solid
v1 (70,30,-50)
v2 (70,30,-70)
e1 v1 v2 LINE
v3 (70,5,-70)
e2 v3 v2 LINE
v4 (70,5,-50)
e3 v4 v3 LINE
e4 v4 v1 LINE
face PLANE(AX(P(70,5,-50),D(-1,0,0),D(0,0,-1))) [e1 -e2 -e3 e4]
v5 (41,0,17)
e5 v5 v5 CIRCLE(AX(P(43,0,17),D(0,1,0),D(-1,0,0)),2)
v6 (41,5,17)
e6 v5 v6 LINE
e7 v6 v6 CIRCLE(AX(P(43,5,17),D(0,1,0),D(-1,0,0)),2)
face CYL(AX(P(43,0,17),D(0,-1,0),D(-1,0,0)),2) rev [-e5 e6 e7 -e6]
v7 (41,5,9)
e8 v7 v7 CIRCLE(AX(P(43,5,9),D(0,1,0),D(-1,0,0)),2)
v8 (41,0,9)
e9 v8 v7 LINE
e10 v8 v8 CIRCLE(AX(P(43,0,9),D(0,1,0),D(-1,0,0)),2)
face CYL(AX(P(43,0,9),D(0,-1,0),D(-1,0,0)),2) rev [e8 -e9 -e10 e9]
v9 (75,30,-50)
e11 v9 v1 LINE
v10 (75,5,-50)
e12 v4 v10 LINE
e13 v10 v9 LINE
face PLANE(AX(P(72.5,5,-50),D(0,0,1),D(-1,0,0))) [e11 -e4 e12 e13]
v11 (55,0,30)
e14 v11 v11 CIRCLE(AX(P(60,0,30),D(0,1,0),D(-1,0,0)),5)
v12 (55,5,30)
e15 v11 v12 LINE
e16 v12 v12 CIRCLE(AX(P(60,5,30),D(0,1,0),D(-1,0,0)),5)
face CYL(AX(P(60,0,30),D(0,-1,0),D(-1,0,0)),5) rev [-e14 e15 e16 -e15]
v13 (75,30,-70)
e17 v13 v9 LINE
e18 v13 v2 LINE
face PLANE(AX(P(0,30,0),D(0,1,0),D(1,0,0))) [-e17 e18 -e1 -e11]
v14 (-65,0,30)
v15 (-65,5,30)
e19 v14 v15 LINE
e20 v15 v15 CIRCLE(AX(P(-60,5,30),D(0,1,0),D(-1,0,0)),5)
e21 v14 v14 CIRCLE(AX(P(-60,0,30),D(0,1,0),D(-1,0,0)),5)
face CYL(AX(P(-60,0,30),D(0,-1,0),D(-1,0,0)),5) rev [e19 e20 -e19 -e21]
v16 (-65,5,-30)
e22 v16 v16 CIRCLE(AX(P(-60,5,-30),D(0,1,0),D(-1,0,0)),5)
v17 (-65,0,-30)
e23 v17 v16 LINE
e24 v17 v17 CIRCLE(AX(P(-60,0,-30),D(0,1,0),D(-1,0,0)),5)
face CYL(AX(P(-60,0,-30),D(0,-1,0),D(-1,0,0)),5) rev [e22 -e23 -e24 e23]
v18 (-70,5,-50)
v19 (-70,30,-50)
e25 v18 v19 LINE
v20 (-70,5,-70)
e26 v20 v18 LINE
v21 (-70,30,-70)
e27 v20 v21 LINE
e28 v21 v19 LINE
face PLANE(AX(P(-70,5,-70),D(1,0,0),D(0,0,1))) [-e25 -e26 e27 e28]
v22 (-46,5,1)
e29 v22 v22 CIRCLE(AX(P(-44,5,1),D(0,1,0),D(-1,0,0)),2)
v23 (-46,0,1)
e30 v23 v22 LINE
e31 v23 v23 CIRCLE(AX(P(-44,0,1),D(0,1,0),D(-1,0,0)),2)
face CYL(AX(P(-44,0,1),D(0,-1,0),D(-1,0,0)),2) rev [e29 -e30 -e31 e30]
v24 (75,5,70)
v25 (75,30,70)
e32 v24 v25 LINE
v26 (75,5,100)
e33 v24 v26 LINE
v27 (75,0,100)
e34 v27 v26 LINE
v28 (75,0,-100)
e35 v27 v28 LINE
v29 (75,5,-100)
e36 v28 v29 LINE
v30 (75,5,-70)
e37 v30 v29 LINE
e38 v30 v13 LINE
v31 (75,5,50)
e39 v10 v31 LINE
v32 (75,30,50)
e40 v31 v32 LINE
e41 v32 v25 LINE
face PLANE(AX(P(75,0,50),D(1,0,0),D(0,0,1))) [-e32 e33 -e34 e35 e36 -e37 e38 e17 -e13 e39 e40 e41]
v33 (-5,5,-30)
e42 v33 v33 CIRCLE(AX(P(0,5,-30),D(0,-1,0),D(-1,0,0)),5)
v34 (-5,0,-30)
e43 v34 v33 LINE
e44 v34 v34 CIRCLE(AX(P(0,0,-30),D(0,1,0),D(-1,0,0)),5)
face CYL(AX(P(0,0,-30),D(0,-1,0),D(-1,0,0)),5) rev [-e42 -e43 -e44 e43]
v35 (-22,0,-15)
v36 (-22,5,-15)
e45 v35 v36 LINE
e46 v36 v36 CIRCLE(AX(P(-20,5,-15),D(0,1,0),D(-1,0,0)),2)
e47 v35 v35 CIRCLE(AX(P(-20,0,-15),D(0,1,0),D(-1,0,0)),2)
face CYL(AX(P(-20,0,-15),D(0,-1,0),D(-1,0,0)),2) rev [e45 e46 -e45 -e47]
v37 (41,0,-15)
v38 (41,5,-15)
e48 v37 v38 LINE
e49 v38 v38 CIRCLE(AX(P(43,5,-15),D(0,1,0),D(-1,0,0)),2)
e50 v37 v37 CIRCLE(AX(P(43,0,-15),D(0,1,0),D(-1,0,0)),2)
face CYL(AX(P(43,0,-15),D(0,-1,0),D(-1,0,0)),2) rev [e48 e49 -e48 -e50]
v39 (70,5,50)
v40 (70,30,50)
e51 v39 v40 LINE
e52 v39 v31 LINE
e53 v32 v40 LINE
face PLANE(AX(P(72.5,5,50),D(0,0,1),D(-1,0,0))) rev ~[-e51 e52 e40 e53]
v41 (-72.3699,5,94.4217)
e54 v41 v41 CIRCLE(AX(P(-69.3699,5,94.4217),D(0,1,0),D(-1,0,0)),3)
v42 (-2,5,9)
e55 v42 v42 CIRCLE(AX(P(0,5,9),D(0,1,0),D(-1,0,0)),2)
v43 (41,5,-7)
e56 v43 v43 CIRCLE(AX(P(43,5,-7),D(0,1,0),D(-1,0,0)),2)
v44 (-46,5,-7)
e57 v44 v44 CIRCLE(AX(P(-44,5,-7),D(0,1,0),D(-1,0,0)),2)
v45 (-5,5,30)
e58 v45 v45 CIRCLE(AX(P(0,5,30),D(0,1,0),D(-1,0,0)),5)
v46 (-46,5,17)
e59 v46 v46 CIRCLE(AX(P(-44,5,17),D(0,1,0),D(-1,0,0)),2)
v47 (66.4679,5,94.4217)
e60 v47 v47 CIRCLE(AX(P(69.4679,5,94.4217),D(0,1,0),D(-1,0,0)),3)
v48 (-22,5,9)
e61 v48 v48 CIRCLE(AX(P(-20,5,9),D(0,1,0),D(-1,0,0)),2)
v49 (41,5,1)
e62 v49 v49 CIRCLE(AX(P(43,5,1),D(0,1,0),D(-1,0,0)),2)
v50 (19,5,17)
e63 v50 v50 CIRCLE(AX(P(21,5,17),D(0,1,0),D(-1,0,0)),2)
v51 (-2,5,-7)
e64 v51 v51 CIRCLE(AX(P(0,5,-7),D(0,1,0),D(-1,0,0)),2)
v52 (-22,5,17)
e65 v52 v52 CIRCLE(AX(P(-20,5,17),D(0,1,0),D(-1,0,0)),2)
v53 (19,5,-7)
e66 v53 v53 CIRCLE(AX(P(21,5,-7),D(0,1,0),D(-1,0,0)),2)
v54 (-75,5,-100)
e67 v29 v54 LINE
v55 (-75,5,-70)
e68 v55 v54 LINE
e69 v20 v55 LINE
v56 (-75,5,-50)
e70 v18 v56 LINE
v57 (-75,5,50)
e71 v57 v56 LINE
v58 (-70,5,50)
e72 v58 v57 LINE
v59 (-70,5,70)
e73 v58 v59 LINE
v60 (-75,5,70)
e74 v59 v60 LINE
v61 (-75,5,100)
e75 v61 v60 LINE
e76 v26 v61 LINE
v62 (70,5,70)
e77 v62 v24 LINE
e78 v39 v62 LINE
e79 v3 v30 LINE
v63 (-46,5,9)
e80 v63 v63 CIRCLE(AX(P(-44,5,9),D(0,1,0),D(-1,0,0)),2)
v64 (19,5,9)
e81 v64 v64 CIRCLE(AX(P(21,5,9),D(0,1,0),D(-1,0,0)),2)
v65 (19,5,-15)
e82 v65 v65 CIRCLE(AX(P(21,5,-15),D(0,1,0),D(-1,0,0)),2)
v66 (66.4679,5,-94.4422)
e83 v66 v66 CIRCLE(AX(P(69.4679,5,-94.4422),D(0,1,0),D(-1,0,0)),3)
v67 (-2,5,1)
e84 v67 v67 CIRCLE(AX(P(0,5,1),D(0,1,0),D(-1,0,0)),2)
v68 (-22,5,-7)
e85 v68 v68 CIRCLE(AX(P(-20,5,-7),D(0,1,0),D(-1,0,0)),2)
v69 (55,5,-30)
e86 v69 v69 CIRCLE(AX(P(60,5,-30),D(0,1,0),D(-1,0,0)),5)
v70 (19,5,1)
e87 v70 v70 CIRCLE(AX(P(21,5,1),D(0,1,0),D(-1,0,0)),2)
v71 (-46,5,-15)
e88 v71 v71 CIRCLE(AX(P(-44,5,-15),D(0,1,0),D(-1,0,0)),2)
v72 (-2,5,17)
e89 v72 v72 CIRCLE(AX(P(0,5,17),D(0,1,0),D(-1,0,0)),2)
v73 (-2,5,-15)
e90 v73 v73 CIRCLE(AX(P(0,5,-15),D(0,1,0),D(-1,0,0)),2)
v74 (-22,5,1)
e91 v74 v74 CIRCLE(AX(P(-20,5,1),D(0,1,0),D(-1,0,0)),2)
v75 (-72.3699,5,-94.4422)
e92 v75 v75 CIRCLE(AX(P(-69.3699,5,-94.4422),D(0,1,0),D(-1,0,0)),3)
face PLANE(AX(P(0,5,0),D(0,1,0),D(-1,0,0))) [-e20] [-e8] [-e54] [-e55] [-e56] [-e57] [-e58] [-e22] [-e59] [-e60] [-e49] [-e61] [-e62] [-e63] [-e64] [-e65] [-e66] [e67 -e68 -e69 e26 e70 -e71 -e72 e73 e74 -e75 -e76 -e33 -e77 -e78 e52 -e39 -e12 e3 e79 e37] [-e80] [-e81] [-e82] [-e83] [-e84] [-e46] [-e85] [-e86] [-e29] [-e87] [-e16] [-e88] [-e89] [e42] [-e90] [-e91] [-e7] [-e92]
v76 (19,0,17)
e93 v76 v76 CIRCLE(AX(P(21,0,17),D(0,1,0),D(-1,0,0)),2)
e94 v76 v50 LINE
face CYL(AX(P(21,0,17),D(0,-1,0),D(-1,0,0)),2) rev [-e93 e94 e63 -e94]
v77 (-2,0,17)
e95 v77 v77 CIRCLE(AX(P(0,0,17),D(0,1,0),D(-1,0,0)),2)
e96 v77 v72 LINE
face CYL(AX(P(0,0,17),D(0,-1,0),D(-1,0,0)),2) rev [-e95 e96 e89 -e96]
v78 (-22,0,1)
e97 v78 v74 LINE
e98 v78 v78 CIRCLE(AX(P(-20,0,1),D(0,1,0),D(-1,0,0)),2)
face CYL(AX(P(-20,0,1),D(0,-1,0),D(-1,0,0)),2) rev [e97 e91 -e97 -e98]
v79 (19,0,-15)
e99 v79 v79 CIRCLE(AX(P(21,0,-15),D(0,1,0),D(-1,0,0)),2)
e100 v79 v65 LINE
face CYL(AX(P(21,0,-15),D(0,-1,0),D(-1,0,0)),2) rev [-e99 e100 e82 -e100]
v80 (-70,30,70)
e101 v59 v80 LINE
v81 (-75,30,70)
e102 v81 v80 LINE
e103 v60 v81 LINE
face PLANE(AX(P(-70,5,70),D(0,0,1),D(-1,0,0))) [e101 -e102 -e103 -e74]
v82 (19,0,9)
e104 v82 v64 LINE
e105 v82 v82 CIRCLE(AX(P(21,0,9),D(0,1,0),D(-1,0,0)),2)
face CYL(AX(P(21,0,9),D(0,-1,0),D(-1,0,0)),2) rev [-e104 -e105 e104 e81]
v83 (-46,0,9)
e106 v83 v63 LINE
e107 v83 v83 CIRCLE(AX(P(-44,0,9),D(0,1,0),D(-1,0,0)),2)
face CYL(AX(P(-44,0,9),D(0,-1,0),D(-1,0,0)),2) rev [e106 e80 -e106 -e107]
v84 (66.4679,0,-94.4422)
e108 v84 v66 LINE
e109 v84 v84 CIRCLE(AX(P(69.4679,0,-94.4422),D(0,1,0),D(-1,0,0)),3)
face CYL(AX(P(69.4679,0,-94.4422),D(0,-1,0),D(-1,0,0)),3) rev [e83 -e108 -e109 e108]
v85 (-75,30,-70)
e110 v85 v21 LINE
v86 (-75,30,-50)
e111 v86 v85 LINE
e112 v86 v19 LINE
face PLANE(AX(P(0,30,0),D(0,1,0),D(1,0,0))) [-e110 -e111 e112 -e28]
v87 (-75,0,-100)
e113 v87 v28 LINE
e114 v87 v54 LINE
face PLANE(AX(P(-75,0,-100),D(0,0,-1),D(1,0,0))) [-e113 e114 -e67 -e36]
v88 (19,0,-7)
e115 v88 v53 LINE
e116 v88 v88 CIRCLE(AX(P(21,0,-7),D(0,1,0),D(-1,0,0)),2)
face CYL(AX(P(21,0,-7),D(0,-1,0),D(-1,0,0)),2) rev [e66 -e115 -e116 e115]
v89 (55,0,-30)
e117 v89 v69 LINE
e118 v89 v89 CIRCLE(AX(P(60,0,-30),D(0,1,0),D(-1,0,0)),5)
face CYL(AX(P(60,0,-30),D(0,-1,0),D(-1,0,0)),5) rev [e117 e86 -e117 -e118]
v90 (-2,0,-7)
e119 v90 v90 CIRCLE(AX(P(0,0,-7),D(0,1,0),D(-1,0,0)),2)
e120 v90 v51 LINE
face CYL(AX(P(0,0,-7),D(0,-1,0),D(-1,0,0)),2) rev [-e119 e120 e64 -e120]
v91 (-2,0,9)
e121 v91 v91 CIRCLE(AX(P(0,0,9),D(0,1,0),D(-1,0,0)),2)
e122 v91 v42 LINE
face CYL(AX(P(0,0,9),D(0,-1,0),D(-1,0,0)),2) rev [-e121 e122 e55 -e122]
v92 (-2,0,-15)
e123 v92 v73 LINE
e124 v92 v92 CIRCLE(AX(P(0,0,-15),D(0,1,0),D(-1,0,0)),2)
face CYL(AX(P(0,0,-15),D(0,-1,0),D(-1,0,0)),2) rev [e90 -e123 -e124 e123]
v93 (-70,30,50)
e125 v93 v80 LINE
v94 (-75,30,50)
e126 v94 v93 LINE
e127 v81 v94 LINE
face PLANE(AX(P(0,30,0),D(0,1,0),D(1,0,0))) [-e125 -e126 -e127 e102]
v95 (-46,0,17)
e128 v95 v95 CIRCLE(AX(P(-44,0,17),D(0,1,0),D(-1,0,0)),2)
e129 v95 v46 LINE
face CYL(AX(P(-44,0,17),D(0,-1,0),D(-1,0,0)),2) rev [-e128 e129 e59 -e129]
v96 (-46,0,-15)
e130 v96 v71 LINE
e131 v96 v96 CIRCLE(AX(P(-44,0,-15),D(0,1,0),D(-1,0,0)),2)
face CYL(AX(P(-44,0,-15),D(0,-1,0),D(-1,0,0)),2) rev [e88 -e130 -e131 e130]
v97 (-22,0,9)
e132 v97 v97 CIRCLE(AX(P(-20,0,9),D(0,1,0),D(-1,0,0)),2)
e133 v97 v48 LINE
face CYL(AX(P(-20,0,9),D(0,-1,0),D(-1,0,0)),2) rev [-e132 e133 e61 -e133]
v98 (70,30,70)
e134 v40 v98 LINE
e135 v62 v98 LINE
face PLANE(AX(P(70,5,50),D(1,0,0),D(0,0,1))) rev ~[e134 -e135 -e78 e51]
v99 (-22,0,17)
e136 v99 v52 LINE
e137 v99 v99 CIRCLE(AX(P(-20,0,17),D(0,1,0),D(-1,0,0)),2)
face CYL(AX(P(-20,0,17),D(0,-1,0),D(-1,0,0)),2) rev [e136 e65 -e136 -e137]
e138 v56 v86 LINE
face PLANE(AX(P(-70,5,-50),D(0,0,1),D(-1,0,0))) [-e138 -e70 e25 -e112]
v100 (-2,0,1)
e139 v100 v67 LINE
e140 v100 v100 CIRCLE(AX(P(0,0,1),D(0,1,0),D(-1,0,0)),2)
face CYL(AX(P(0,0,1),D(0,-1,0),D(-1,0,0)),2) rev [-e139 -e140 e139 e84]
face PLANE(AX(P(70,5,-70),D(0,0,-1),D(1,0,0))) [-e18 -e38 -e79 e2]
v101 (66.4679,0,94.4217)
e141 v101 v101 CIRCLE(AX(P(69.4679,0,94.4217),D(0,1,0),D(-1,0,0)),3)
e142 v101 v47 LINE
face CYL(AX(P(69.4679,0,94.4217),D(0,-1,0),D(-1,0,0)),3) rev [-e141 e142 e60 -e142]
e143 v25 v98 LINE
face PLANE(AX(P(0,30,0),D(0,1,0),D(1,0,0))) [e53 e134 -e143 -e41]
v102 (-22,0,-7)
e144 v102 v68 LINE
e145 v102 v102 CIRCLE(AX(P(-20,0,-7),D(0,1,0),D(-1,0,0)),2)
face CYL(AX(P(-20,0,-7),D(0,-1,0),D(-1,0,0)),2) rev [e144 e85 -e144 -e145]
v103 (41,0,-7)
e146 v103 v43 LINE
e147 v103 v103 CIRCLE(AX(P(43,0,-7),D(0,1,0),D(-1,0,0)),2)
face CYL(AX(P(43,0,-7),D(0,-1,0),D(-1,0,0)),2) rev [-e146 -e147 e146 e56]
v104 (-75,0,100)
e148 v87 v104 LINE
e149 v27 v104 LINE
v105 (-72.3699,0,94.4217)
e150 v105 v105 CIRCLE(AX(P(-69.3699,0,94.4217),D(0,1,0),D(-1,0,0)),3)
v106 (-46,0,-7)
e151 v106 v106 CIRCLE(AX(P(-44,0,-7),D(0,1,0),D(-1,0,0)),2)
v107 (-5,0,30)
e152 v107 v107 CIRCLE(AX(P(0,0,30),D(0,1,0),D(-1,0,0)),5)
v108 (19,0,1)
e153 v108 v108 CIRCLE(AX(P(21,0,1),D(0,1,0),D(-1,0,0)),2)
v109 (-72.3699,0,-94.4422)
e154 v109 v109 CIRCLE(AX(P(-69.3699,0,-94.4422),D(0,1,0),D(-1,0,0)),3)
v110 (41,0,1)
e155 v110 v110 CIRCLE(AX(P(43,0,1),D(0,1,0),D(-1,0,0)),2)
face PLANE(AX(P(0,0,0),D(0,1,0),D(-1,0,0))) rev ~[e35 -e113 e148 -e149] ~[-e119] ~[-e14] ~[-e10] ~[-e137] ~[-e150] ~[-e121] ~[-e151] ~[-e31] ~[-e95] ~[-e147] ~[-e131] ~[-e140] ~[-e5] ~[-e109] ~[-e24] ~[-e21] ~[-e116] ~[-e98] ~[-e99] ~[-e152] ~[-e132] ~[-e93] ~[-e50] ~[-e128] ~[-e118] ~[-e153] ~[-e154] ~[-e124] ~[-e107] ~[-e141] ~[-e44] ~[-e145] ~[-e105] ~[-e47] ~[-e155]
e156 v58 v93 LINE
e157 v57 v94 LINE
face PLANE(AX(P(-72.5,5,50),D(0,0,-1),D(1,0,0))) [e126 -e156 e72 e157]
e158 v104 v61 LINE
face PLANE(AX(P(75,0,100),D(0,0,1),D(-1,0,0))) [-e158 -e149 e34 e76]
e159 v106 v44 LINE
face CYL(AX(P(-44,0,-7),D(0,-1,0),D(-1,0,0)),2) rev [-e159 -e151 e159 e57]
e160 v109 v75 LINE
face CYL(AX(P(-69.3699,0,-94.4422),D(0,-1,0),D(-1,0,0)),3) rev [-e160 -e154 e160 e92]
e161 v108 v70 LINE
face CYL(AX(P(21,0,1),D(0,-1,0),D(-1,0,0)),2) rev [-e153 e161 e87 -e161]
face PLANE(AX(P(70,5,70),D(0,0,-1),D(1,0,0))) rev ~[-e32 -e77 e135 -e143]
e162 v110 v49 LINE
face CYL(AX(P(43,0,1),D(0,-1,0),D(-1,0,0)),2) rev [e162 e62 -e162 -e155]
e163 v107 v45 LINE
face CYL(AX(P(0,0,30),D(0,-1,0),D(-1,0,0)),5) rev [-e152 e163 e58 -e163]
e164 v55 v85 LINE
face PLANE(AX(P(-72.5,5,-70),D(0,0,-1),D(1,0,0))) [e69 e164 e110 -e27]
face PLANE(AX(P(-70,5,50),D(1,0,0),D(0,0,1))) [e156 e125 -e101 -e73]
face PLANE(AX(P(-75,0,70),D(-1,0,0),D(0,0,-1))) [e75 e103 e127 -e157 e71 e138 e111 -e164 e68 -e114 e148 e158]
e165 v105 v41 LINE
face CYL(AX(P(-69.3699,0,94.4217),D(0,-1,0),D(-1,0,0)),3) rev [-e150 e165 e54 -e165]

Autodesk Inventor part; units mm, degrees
ref_plane "YZ Plane" through (0, 0, 0) normal (1, 0, 0) x (0, 1, 0)
ref_plane "XZ Plane" through (0, 0, 0) normal (0, 1, 0) x (-1, 0, 0)
ref_plane "XY Plane" through (0, 0, 0) normal (0, 0, 1) x (1, 0, 0)
sketch "Sketch1" plane through (0, 0, 0) normal (0, 1, 0) x (-1, 0, 0)
  line L0 (75, 0) -> (75, -100)
  line L1 (75, -100) -> (-75, -100)
  line L2 (-75, -100) -> (-75, 100)
  line L3 (-75, 100) -> (75, 100)
  line L4 (75, 100) -> (75, 0)
  line L5 (75, 100) -> (75, 70)
  line L6 (75, -100) -> (75, -70)
  line L7 (-75, -100) -> (-75, -70)
  line L8 (-75, 100) -> (-75, 70)
  line L9 (75, 70) -> (75, 50)
  line L10 (-75, 70) -> (-75, 50)
  line L11 (-75, -70) -> (-75, -50)
  line L12 (75, -70) -> (75, -50)
  line L13 (75, -70) -> (72.5, -70)
  line L14 (72.5, -70) -> (72.5, -50)
  line L15 (72.5, -50) -> (75, -50)
  line L16 (-75, -70) -> (-72.5, -70)
  line L17 (-72.5, -70) -> (-72.5, -50)
  line L18 (-72.5, -50) -> (-75, -50)
  line L19 (75, 70) -> (72.5, 70)
  line L20 (72.5, 70) -> (72.5, 50)
  line L21 (72.5, 50) -> (75, 50)
  line L22 (-75, 70) -> (-72.5, 70)
  line L23 (-72.5, 70) -> (-72.5, 50)
  line L24 (-72.5, 50) -> (-75, 50)
  line L25 (-75, -100) -> (-75, -97)
  line L26 (-75, -100) -> (-72, -100)
  circle A0 centre (-69.4679, -94.4422) radius 3
  circle A1 centre (69.3699, -94.4422) radius 3
  circle A2 centre (69.3699, 94.4217) radius 3
  circle A3 centre (-69.4679, 94.4217) radius 3
  line L27 (75, -50) -> (75, -35)
  line L28 (75, 50) -> (75, 35)
  line L29 (75, -35) -> (75, -25)
  line L30 (75, 35) -> (75, 25)
  line L31 (75, -25) -> (75, -21)
  line L32 (75, -21) -> (75, -17)
  line L33 (75, -17) -> (75, -13)
  line L34 (75, -13) -> (75, -9)
  line L35 (75, -9) -> (75, -5)
  line L36 (75, -5) -> (75, -1)
  line L37 (75, -1) -> (75, 3)
  line L38 (75, 3) -> (75, 7)
  line L39 (75, 7) -> (75, 11)
  line L40 (75, 11) -> (75, 15)
  line L41 (75, 15) -> (75, 19)
  line L42 (75, 19) -> (75, 23)
  circle A4 centre (60, 30) radius 5
  circle A5 centre (-60, 30) radius 5
  circle A6 centre (0, 30) radius 5
  line L43 (0, -35) -> (0, -30)
  circle A7 centre (0, -30) radius 5
  circle A8 centre (-60, -30) radius 5
  circle A9 centre (60, -30) radius 5
  circle A10 centre (0, -15) radius 2
  circle A11 centre (20, -15) radius 2
  circle A12 centre (44, -15) radius 2
  circle A13 centre (-21, -15) radius 2
  circle A14 centre (-43, -15) radius 2
  circle A15 centre (44, -7) radius 2
  circle A16 centre (20, -7) radius 2
  circle A17 centre (0, -7) radius 2
  circle A18 centre (-21, -7) radius 2
  circle A19 centre (-43, -7) radius 2
  circle A20 centre (44, 1) radius 2
  circle A21 centre (20, 1) radius 2
  circle A22 centre (0, 1) radius 2
  circle A23 centre (-21, 1) radius 2
  circle A24 centre (-43, 1) radius 2
  circle A25 centre (44, 9) radius 2
  circle A26 centre (20, 9) radius 2
  circle A27 centre (0, 9) radius 2
  circle A28 centre (-21, 9) radius 2
  circle A29 centre (-43, 9) radius 2
  circle A30 centre (44, 17) radius 2
  circle A31 centre (20, 17) radius 2
  circle A32 centre (0, 17) radius 2
  circle A33 centre (-21, 17) radius 2
  circle A34 centre (-43, 17) radius 2
  point P0 (0, 0)
  dimension "d3" = 150
  dimension "d4" = 200
  dimension "d6" = 30
  dimension "d7" = 30
  dimension "d8" = 30
  dimension "d9" = 30
  dimension "d10" = 20
  dimension "d11" = 20
  dimension "d12" = 20
  dimension "d13" = 20
  dimension "d14" = 2.5
  dimension "d15" = 2.5
  dimension "d16" = 2.5
  dimension "d17" = 2.5
  dimension "d20" = 6
  dimension "d23" = 6
  dimension "d26" = 6
  dimension "d28" = 6
  dimension "d30" = 15
  dimension "d31" = 15
  dimension "d32" = 10
  dimension "d33" = 10
  dimension "d34" = 4
  dimension "d35" = 4
  dimension "d47" = 10
  dimension "d49" = 10
  dimension "d50" = 10
  dimension "d51" = 5
  dimension "d52" = 10
  dimension "d55" = 10
  dimension "d56" = 10
  dimension "d58" = 4
  dimension "d59" = 4
  dimension "d60" = 4
  dimension "d61" = 4
  dimension "d62" = 4
  dimension "d63" = 4
  dimension "d64" = 4
  dimension "d65" = 4
  dimension "d66" = 4
  dimension "d67" = 4
  dimension "d68" = 4
  dimension "d69" = 4
  dimension "d70" = 4
  dimension "d71" = 4
  dimension "d72" = 4
  dimension "d73" = 4
  dimension "d74" = 4
  dimension "d75" = 4
  dimension "d76" = 4
  dimension "d77" = 4
  dimension "d78" = 4
  dimension "d79" = 4
  dimension "d80" = 4
  dimension "d81" = 4
  dimension "d82" = 4
extrude "Extrusion1" add sketch "Sketch1" along normal blind 5 contours L0 L15 L14 L13 L1 L2 L16 L17 L18 L24 L23 L22 L3 L4 L19 L20 L21
extrude "Extrusion2" add sketch "Sketch1" along normal blind 30 contours L2 L18 L17 L16
extrude "Extrusion3" add sketch "Sketch1" along normal blind 30 contours L0 L13 L14 L15
extrude "Extrusion4" add sketch "Sketch1" along normal blind 30 contours L21 L20 L19 L4
extrude "Extrusion5" add sketch "Sketch1" along normal blind 30 contours L22 L23 L24 L2
sketch "Sketch2" plane through (0, 5, 0) normal (0, 1, 0) x (1, 0, 0)
  point P0 (0, 0)
sketch "Sketch3" plane through (0, 5, 0) normal (0, 1, 0) x (1, 0, 0)
  point P0 (0, 0)
  point P1 (-75, 100)
sketch "Sketch4" plane through (0, 5, 0) normal (0, 1, 0) x (1, 0, 0)
  line L0 (75, 50) -> (70, 50)
  line L1 (70, 50) -> (70, 70)
  line L2 (70, 70) -> (72.5, 70)
  line L3 (72.5, -50) -> (70, -50)
  line L4 (70, -50) -> (70, -70)
  line L5 (70, -70) -> (72.5, -70)
  line L6 (72.5, -70) -> (72.5, -50)
  line L7 (-75, -50) -> (-70, -50)
  line L8 (-70, -50) -> (-70, -70)
  line L9 (-70, -70) -> (-72.5, -70)
  line L10 (-75, 70) -> (-70, 70)
  line L11 (-70, 70) -> (-70, 50)
  line L12 (-70, 50) -> (-72.5, 50)
  line L13 (-72.5, 50) -> (-72.5, 70)
  line L14 (-72.5, -70) -> (-72.5, -50)
  line L15 (72.5, -50) -> (72.5, -70)
  line L16 (72.5, 70) -> (72.5, 50)
  point P0 (0, 0)
  dimension "d93" = 5
  dimension "d95" = 5
extrude "Extrusion6" add sketch "Sketch4" along normal blind 25 contours L10 L11 L12 L13
extrude "Extrusion7" add sketch "Sketch4" along normal blind 25 contours L7 L8 L9 L14
extrude "Extrusion8" add sketch "Sketch4" along normal blind 25 contours L0 L1 L2 L16
extrude "Extrusion9" add sketch "Sketch4" along normal blind 25 contours L6 L5 L4 L3
sketch "Sketch5" plane through (-70, 5, -50) normal (1, 0, 0) x (0, 0, -1)
  point P0 (-50, -5)
sketch "Sketch6" plane through (0, 5, 0) normal (0, 1, 0) x (1, 0, 0)
  point P0 (0, 0)
properties part number "Base"
